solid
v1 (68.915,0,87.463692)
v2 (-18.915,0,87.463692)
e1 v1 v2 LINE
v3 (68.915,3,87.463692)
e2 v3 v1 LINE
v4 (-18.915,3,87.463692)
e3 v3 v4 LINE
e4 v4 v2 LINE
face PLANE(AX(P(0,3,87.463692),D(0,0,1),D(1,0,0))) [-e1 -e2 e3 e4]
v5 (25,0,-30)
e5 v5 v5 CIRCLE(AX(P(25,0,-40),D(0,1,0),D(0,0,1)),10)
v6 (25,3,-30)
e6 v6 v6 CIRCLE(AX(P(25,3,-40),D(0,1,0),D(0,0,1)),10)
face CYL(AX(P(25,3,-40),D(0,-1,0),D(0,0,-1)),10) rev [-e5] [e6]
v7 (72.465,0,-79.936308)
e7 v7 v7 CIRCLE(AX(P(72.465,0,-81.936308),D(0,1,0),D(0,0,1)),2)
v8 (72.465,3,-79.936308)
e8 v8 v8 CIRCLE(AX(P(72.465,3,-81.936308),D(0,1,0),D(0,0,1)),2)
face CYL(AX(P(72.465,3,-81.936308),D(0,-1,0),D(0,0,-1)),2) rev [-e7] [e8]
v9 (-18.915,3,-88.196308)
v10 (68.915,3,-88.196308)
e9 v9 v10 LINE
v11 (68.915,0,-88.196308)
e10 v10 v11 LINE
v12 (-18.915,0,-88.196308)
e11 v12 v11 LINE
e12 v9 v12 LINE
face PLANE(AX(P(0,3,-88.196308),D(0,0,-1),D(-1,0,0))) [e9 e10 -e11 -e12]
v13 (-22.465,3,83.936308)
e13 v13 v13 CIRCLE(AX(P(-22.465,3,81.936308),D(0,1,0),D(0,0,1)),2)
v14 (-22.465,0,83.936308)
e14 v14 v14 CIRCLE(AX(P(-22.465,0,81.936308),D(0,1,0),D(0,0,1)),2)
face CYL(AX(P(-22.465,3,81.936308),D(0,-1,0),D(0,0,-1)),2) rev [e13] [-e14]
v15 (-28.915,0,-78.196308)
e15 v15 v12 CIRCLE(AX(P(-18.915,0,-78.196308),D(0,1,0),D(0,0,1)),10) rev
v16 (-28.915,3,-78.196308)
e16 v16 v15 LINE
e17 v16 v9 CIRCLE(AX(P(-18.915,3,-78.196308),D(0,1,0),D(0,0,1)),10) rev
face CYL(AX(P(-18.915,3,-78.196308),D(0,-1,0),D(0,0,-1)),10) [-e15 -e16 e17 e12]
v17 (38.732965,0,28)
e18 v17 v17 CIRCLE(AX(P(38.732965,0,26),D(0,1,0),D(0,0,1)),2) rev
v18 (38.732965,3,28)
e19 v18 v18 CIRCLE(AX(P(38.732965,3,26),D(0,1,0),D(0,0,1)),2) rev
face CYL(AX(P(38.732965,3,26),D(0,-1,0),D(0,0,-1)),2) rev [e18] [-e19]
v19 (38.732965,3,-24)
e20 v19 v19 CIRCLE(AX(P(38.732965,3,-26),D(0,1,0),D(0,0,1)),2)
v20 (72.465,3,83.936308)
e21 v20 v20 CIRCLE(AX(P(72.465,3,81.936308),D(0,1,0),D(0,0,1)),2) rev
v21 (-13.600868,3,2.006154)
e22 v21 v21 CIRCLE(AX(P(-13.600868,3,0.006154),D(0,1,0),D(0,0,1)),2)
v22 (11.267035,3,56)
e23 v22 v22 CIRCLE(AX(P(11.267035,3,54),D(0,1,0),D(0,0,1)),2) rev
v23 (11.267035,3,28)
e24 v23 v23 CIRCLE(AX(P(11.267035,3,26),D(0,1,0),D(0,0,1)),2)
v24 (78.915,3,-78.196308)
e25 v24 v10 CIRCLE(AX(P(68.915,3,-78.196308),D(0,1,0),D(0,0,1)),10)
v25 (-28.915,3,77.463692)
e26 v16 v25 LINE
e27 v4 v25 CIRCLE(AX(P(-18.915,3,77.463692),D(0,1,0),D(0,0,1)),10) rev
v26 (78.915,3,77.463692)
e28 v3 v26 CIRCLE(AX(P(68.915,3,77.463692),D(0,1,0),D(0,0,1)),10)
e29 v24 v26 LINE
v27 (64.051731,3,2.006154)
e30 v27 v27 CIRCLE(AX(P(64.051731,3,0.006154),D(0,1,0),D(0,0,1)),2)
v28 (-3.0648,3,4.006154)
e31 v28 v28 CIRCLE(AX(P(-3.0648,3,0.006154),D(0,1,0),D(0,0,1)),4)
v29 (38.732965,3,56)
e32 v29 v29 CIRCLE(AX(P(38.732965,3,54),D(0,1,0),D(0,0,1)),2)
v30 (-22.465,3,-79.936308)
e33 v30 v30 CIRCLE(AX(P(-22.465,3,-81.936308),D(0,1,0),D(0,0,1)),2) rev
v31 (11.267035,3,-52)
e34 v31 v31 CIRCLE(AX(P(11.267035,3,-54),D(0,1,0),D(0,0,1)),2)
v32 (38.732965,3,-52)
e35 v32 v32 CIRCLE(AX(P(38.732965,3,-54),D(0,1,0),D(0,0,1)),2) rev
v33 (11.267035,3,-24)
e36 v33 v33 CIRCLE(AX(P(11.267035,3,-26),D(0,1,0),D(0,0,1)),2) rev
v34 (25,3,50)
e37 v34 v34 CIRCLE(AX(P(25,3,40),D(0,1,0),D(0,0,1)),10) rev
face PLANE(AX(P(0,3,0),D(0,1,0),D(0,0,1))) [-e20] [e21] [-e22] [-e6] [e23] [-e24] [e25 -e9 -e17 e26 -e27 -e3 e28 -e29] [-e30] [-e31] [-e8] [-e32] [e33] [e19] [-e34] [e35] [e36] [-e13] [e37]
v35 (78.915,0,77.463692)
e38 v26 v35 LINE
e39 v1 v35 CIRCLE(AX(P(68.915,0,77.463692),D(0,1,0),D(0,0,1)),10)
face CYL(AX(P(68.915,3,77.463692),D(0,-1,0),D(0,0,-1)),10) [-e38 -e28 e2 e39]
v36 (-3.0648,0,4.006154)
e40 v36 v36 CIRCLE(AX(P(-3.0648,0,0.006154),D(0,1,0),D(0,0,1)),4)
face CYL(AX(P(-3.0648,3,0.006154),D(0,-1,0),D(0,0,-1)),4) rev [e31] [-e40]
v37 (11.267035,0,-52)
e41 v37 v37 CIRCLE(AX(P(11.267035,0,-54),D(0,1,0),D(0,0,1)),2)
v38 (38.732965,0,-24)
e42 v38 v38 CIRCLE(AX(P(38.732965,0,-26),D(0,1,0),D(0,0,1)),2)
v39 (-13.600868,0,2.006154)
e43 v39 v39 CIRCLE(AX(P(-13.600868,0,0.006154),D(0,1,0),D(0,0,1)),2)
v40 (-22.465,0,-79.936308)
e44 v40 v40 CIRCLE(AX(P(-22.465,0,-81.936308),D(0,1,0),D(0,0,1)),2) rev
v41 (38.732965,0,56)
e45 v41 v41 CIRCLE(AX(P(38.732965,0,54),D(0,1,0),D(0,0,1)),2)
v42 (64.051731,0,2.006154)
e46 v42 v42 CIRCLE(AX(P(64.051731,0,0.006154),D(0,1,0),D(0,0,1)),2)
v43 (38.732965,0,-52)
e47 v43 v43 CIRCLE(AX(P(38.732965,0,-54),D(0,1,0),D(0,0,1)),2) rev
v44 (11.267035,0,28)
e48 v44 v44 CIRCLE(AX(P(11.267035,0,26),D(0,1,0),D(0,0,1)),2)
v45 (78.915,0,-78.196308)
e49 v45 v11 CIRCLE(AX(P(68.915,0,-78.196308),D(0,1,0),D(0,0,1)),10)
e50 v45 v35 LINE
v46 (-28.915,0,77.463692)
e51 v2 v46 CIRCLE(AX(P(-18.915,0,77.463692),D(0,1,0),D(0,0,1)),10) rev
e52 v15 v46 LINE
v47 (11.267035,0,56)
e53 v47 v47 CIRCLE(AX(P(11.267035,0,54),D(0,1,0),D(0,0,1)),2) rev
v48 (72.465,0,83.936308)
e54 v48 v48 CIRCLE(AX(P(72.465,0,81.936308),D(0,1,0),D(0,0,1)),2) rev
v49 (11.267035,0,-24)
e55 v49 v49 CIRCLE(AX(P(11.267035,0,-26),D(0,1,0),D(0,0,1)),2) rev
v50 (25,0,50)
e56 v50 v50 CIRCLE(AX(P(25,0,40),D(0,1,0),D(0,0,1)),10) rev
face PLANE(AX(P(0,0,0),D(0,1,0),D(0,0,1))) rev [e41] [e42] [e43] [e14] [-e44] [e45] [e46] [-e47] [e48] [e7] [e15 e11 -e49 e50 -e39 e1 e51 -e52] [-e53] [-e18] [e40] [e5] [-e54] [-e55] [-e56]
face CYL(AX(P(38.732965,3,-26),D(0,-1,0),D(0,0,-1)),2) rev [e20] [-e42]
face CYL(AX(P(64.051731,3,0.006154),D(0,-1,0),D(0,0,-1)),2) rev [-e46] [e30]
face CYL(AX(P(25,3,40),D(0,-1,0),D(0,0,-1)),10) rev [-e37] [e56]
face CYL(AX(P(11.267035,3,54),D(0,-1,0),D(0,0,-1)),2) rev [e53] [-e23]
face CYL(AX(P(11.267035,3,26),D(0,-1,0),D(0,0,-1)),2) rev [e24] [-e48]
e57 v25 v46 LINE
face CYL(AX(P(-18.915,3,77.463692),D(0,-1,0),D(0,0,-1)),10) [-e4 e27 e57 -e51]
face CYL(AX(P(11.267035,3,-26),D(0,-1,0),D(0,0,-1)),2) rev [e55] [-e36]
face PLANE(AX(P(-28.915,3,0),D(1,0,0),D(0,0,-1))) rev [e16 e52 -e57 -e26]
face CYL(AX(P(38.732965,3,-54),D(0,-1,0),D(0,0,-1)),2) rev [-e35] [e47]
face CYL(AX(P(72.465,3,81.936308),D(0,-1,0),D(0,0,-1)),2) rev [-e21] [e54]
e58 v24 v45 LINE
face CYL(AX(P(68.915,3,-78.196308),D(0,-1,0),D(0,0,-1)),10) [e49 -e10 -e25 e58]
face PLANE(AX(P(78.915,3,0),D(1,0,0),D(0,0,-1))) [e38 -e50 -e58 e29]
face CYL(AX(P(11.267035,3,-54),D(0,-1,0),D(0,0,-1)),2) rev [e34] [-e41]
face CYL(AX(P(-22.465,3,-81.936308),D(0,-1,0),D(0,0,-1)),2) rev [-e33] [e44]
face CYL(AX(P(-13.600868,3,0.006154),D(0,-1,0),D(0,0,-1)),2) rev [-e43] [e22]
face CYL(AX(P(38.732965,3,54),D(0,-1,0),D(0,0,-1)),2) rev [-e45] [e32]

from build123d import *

# Parameters (mm, degrees)
SKETCH_1_R      = 2
SKETCH_1_R_2    = 10
SKETCH_1_R_3    = 4
EXTRUDE_1_DEPTH = 3


with BuildPart() as part:
    # 草图1 → 凸台-拉伸1 (new body)
    with BuildSketch(Plane(origin=(0, 0, 0), x_dir=(1, 0, 0), z_dir=(0, 1, 0))):
        with BuildLine():
            Line((-18.915, 88.196307868), (68.915, 88.196307868))
            ThreePointArc((68.915, 88.196307868), (75.986067812, 85.26737568), (78.915, 78.196307868))
            Line((78.915, 78.196307868), (78.915, -77.463692132))
            ThreePointArc((78.915, -77.463692132), (75.986067812, -84.534759944), (68.915, -87.463692132))
            Line((68.915, -87.463692132), (-18.915, -87.463692132))
            ThreePointArc((-18.915, -87.463692132), (-25.986067812, -84.534759944), (-28.915, -77.463692132))
            Line((-28.915, -77.463692132), (-28.915, 78.196307868))
            ThreePointArc((-28.915, 78.196307868), (-25.986067812, 85.26737568), (-18.915, 88.196307868))
        make_face()
        with Locations(Location((72.465, 81.936307868, 0), (0, 0, 270))):
            Circle(SKETCH_1_R, mode=Mode.SUBTRACT)
        with Locations(Location((72.465, -81.936307868, 0), (0, 0, 270))):
            Circle(SKETCH_1_R, mode=Mode.SUBTRACT)
        with Locations(Location((-22.465, -81.936307868, 0), (0, 0, 270))):
            Circle(SKETCH_1_R, mode=Mode.SUBTRACT)
        with Locations(Location((-22.465, 81.936307868, 0), (0, 0, 270))):
            Circle(SKETCH_1_R, mode=Mode.SUBTRACT)
        with Locations(Location((25, 40, 0), (0, 0, 270))):
            Circle(SKETCH_1_R_2, mode=Mode.SUBTRACT)
        with Locations(Location((11.26703509, 54, 0), (0, 0, 270))):
            Circle(SKETCH_1_R, mode=Mode.SUBTRACT)
        with Locations(Location((38.73296491, 54, 0), (0, 0, 270))):
            Circle(SKETCH_1_R, mode=Mode.SUBTRACT)
        with Locations(Location((38.73296491, 26, 0), (0, 0, 270))):
            Circle(SKETCH_1_R, mode=Mode.SUBTRACT)
        with Locations(Location((11.26703509, 26, 0), (0, 0, 270))):
            Circle(SKETCH_1_R, mode=Mode.SUBTRACT)
        with Locations(Location((11.26703509, -26, 0), (0, 0, 270))):
            Circle(SKETCH_1_R, mode=Mode.SUBTRACT)
        with Locations(Location((11.26703509, -54, 0), (0, 0, 270))):
            Circle(SKETCH_1_R, mode=Mode.SUBTRACT)
        with Locations(Location((25, -40, 0), (0, 0, 270))):
            Circle(SKETCH_1_R_2, mode=Mode.SUBTRACT)
        with Locations(Location((38.73296491, -26, 0), (0, 0, 270))):
            Circle(SKETCH_1_R, mode=Mode.SUBTRACT)
        with Locations(Location((38.73296491, -54, 0), (0, 0, 270))):
            Circle(SKETCH_1_R, mode=Mode.SUBTRACT)
        with Locations(Location((64.051731017, -0.006153743, 0), (0, 0, 270))):
            Circle(SKETCH_1_R, mode=Mode.SUBTRACT)
        with Locations(Location((-3.064799971, -0.006153743, 0), (0, 0, 270))):
            Circle(SKETCH_1_R_3, mode=Mode.SUBTRACT)
        with Locations(Location((-13.600868083, -0.006153743, 0), (0, 0, 270))):
            Circle(SKETCH_1_R, mode=Mode.SUBTRACT)
    extrude(amount=EXTRUDE_1_DEPTH)


solid = part.part
